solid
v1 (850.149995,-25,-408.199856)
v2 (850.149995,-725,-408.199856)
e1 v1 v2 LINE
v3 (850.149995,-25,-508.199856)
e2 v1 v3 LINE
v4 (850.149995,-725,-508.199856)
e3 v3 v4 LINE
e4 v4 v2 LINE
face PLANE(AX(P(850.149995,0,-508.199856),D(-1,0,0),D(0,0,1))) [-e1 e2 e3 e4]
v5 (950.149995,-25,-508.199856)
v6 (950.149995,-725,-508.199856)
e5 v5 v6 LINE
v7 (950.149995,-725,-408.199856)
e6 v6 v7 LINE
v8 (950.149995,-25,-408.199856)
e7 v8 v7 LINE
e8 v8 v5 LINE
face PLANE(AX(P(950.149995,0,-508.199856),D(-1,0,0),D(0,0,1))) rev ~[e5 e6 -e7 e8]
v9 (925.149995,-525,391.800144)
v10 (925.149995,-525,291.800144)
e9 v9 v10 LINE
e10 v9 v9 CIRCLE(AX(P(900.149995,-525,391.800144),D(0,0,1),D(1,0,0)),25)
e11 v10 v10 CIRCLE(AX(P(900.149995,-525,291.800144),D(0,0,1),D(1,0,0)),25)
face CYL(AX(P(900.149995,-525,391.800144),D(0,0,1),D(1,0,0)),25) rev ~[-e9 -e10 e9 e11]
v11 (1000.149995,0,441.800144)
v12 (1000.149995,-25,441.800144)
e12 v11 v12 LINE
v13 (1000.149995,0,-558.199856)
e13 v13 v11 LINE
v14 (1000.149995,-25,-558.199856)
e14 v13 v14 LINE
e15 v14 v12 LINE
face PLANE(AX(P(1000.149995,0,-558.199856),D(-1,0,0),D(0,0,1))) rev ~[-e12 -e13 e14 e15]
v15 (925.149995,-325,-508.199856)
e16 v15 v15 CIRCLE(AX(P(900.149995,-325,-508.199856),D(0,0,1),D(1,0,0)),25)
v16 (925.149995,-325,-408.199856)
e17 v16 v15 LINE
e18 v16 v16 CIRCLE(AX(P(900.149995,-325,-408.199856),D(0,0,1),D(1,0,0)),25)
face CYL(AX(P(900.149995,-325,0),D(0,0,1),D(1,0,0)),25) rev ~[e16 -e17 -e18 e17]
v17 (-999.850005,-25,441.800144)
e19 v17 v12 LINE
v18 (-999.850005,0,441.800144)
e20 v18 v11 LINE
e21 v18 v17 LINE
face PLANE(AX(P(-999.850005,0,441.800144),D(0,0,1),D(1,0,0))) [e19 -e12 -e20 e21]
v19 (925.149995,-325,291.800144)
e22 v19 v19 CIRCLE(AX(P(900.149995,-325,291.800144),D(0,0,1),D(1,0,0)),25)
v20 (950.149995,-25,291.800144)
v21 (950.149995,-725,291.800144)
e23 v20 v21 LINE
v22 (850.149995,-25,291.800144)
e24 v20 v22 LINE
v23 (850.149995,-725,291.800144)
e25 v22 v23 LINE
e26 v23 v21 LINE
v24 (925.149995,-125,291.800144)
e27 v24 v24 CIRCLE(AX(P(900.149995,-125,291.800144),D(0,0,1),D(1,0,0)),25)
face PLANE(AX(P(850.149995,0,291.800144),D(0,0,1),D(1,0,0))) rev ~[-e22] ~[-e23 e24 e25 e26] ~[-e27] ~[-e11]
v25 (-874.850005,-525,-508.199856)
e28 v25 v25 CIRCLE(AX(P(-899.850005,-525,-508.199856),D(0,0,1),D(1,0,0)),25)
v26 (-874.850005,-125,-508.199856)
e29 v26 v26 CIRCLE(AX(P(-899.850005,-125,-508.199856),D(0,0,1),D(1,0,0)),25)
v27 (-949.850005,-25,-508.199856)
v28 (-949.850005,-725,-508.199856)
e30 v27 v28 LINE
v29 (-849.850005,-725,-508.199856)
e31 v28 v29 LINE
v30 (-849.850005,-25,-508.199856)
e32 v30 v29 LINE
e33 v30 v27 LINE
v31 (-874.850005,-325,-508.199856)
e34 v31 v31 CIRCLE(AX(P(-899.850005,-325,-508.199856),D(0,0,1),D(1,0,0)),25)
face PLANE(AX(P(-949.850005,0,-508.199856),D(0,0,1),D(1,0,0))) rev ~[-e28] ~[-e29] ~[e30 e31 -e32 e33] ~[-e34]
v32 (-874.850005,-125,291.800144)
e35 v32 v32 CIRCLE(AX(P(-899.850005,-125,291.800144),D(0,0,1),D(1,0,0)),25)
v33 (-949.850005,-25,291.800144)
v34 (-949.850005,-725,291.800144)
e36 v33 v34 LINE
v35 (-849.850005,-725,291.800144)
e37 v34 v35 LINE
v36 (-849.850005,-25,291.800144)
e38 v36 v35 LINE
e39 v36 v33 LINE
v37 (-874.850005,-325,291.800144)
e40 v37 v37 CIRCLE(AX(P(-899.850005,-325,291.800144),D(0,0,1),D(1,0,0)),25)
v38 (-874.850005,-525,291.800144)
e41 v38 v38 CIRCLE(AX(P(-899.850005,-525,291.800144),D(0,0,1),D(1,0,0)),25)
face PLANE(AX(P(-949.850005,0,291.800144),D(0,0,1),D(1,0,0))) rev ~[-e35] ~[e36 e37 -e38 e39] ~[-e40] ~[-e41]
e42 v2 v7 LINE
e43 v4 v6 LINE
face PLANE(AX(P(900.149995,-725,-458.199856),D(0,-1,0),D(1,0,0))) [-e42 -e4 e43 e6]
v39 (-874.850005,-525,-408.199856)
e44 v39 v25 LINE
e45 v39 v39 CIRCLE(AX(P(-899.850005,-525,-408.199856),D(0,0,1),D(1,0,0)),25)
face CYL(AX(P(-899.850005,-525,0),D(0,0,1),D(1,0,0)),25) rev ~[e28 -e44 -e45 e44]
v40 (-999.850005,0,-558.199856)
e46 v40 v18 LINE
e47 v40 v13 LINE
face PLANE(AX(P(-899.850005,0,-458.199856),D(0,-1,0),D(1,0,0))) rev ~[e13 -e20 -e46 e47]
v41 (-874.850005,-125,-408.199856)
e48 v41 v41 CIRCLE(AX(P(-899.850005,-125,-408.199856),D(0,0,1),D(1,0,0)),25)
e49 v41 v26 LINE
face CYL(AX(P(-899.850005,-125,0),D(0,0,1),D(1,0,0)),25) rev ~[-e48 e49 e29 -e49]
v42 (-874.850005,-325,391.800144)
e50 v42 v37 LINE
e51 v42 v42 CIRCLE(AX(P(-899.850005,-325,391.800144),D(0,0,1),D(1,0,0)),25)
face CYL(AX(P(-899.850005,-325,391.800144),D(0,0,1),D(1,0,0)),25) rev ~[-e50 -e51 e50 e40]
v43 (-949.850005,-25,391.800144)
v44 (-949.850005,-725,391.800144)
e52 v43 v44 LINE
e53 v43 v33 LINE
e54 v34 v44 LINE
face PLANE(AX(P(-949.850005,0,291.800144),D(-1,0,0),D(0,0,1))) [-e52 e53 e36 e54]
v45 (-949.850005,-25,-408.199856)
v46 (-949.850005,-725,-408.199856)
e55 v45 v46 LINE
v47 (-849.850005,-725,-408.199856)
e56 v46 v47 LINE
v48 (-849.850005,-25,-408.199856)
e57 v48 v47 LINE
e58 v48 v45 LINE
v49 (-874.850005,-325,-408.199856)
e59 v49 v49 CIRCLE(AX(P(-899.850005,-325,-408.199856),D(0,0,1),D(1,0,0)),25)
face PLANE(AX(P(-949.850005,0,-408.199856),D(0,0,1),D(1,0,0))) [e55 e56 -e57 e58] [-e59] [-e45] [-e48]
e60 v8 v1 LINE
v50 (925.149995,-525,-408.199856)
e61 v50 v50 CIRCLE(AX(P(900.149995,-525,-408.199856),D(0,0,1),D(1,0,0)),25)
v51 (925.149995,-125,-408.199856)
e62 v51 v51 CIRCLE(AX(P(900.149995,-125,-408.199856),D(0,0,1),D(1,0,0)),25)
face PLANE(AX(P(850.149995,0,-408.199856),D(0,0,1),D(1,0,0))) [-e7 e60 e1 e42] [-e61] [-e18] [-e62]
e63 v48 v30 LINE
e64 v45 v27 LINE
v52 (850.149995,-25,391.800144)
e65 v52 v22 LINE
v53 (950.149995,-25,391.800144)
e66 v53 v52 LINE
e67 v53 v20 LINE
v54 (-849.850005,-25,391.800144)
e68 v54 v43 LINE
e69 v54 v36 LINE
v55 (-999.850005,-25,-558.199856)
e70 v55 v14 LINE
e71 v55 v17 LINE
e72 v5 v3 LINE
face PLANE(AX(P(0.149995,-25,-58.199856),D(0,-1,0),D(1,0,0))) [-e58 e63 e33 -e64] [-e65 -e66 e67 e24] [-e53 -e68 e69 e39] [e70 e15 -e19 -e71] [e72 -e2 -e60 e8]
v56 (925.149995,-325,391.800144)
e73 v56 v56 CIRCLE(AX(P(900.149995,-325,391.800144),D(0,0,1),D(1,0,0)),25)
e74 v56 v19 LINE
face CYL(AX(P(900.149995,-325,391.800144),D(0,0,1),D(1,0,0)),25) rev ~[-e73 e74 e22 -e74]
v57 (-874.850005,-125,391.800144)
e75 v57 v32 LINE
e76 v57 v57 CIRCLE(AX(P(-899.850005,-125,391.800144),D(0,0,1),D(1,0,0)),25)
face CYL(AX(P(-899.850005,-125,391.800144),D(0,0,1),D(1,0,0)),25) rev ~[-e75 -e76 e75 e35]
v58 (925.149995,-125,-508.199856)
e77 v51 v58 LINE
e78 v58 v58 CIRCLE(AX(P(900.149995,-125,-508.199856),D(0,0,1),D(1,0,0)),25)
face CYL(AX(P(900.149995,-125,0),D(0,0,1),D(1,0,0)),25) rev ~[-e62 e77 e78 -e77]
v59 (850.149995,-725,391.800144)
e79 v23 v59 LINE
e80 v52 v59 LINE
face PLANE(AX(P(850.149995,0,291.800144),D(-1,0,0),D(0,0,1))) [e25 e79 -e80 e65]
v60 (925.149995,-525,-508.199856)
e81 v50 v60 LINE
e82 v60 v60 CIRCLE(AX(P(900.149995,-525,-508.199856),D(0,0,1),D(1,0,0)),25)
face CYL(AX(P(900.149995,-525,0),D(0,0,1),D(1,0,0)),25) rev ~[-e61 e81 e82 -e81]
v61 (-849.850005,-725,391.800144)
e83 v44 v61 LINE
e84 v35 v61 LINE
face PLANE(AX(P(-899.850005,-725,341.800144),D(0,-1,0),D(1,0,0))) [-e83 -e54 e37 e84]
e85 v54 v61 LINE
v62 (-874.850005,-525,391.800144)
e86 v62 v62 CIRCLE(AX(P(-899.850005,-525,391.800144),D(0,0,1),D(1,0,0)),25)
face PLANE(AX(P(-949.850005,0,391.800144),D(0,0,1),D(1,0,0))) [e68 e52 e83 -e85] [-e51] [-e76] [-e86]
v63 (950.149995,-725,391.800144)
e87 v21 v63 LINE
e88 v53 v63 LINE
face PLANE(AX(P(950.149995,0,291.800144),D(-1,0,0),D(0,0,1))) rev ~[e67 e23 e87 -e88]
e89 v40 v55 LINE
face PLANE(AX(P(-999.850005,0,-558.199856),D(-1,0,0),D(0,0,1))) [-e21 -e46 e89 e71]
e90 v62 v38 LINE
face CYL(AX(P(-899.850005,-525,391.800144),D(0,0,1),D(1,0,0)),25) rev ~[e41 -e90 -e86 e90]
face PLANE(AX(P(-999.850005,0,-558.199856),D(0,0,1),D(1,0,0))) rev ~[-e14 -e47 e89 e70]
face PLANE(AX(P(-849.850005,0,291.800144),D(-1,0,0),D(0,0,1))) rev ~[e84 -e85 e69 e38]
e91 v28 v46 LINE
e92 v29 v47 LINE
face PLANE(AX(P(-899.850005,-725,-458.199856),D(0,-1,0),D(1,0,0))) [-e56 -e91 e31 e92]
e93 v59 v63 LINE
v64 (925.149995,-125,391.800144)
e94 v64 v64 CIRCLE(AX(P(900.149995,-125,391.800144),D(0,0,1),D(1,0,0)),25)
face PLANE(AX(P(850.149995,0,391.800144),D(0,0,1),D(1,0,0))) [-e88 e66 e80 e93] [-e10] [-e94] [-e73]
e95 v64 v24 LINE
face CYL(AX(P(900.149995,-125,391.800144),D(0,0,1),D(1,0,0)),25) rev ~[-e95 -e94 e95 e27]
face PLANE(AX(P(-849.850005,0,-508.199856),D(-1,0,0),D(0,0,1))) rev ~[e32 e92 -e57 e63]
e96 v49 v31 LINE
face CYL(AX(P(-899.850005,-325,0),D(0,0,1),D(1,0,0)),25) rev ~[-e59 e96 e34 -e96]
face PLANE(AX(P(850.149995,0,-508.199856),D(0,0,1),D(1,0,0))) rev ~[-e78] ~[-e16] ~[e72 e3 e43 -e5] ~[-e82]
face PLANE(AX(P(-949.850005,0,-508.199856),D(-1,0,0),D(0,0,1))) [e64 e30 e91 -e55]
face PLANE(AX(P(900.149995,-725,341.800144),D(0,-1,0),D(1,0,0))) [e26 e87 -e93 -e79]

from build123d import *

# Parameters (mm, degrees)
F0_W     = 2000
F0_H     = 1000
F1_DEPTH = 25
F2_W     = 100
F2_H     = 100
F3_DEPTH = 725
F4_R     = 25
F5_DEPTH = 558.200856
F6_R     = 25
F7_DEPTH = 950.001


with BuildPart() as f1:
    # F0 (on Front) → F1 (new body)
    with BuildSketch(Plane.XZ):
        with Locations((0.149995, -58.199856)):
            Rectangle(F0_W, F0_H)
    extrude(amount=F1_DEPTH)

    # F2 (on Front) → F3 (join)
    with BuildSketch(Plane.XZ):
        with Locations((-899.850005, -458.199856)):
            Rectangle(F2_W, F2_H)
        with Locations((-899.850005, 341.800144)):
            Rectangle(F2_W, F2_H)
        with Locations((900.149995, 341.800144)):
            Rectangle(F2_W, F2_H)
        with Locations((900.149995, -458.199856)):
            Rectangle(F2_W, F2_H)
    extrude(amount=F3_DEPTH)

    # F4 (on Top) → F5 (cut, through all)
    with BuildSketch(Plane.XY):
        with Locations((-899.850005, -125)):
            Circle(F4_R)
        with Locations((-899.850005, -325)):
            Circle(F4_R)
        with Locations((-899.850005, -525)):
            Circle(F4_R)
        with Locations((900.149995, -525)):
            Circle(F4_R)
        with Locations((900.149995, -325)):
            Circle(F4_R)
        with Locations((900.149995, -125)):
            Circle(F4_R)
    extrude(amount=-F5_DEPTH, mode=Mode.SUBTRACT)

    # F6 (on face) → F7 (cut, through all)
    with BuildSketch(Plane.XY.offset(391.800144)):
        with Locations((900.149995, -525)):
            Circle(F6_R)
        with Locations((900.149995, -325)):
            Circle(F6_R)
        with Locations((900.149995, -125)):
            Circle(F6_R)
        with Locations((-899.850005, -525)):
            Circle(F6_R)
        with Locations((-899.850005, -325)):
            Circle(F6_R)
        with Locations((-899.850005, -125)):
            Circle(F6_R)
    extrude(amount=-F7_DEPTH, mode=Mode.SUBTRACT)


solid = f1.part
